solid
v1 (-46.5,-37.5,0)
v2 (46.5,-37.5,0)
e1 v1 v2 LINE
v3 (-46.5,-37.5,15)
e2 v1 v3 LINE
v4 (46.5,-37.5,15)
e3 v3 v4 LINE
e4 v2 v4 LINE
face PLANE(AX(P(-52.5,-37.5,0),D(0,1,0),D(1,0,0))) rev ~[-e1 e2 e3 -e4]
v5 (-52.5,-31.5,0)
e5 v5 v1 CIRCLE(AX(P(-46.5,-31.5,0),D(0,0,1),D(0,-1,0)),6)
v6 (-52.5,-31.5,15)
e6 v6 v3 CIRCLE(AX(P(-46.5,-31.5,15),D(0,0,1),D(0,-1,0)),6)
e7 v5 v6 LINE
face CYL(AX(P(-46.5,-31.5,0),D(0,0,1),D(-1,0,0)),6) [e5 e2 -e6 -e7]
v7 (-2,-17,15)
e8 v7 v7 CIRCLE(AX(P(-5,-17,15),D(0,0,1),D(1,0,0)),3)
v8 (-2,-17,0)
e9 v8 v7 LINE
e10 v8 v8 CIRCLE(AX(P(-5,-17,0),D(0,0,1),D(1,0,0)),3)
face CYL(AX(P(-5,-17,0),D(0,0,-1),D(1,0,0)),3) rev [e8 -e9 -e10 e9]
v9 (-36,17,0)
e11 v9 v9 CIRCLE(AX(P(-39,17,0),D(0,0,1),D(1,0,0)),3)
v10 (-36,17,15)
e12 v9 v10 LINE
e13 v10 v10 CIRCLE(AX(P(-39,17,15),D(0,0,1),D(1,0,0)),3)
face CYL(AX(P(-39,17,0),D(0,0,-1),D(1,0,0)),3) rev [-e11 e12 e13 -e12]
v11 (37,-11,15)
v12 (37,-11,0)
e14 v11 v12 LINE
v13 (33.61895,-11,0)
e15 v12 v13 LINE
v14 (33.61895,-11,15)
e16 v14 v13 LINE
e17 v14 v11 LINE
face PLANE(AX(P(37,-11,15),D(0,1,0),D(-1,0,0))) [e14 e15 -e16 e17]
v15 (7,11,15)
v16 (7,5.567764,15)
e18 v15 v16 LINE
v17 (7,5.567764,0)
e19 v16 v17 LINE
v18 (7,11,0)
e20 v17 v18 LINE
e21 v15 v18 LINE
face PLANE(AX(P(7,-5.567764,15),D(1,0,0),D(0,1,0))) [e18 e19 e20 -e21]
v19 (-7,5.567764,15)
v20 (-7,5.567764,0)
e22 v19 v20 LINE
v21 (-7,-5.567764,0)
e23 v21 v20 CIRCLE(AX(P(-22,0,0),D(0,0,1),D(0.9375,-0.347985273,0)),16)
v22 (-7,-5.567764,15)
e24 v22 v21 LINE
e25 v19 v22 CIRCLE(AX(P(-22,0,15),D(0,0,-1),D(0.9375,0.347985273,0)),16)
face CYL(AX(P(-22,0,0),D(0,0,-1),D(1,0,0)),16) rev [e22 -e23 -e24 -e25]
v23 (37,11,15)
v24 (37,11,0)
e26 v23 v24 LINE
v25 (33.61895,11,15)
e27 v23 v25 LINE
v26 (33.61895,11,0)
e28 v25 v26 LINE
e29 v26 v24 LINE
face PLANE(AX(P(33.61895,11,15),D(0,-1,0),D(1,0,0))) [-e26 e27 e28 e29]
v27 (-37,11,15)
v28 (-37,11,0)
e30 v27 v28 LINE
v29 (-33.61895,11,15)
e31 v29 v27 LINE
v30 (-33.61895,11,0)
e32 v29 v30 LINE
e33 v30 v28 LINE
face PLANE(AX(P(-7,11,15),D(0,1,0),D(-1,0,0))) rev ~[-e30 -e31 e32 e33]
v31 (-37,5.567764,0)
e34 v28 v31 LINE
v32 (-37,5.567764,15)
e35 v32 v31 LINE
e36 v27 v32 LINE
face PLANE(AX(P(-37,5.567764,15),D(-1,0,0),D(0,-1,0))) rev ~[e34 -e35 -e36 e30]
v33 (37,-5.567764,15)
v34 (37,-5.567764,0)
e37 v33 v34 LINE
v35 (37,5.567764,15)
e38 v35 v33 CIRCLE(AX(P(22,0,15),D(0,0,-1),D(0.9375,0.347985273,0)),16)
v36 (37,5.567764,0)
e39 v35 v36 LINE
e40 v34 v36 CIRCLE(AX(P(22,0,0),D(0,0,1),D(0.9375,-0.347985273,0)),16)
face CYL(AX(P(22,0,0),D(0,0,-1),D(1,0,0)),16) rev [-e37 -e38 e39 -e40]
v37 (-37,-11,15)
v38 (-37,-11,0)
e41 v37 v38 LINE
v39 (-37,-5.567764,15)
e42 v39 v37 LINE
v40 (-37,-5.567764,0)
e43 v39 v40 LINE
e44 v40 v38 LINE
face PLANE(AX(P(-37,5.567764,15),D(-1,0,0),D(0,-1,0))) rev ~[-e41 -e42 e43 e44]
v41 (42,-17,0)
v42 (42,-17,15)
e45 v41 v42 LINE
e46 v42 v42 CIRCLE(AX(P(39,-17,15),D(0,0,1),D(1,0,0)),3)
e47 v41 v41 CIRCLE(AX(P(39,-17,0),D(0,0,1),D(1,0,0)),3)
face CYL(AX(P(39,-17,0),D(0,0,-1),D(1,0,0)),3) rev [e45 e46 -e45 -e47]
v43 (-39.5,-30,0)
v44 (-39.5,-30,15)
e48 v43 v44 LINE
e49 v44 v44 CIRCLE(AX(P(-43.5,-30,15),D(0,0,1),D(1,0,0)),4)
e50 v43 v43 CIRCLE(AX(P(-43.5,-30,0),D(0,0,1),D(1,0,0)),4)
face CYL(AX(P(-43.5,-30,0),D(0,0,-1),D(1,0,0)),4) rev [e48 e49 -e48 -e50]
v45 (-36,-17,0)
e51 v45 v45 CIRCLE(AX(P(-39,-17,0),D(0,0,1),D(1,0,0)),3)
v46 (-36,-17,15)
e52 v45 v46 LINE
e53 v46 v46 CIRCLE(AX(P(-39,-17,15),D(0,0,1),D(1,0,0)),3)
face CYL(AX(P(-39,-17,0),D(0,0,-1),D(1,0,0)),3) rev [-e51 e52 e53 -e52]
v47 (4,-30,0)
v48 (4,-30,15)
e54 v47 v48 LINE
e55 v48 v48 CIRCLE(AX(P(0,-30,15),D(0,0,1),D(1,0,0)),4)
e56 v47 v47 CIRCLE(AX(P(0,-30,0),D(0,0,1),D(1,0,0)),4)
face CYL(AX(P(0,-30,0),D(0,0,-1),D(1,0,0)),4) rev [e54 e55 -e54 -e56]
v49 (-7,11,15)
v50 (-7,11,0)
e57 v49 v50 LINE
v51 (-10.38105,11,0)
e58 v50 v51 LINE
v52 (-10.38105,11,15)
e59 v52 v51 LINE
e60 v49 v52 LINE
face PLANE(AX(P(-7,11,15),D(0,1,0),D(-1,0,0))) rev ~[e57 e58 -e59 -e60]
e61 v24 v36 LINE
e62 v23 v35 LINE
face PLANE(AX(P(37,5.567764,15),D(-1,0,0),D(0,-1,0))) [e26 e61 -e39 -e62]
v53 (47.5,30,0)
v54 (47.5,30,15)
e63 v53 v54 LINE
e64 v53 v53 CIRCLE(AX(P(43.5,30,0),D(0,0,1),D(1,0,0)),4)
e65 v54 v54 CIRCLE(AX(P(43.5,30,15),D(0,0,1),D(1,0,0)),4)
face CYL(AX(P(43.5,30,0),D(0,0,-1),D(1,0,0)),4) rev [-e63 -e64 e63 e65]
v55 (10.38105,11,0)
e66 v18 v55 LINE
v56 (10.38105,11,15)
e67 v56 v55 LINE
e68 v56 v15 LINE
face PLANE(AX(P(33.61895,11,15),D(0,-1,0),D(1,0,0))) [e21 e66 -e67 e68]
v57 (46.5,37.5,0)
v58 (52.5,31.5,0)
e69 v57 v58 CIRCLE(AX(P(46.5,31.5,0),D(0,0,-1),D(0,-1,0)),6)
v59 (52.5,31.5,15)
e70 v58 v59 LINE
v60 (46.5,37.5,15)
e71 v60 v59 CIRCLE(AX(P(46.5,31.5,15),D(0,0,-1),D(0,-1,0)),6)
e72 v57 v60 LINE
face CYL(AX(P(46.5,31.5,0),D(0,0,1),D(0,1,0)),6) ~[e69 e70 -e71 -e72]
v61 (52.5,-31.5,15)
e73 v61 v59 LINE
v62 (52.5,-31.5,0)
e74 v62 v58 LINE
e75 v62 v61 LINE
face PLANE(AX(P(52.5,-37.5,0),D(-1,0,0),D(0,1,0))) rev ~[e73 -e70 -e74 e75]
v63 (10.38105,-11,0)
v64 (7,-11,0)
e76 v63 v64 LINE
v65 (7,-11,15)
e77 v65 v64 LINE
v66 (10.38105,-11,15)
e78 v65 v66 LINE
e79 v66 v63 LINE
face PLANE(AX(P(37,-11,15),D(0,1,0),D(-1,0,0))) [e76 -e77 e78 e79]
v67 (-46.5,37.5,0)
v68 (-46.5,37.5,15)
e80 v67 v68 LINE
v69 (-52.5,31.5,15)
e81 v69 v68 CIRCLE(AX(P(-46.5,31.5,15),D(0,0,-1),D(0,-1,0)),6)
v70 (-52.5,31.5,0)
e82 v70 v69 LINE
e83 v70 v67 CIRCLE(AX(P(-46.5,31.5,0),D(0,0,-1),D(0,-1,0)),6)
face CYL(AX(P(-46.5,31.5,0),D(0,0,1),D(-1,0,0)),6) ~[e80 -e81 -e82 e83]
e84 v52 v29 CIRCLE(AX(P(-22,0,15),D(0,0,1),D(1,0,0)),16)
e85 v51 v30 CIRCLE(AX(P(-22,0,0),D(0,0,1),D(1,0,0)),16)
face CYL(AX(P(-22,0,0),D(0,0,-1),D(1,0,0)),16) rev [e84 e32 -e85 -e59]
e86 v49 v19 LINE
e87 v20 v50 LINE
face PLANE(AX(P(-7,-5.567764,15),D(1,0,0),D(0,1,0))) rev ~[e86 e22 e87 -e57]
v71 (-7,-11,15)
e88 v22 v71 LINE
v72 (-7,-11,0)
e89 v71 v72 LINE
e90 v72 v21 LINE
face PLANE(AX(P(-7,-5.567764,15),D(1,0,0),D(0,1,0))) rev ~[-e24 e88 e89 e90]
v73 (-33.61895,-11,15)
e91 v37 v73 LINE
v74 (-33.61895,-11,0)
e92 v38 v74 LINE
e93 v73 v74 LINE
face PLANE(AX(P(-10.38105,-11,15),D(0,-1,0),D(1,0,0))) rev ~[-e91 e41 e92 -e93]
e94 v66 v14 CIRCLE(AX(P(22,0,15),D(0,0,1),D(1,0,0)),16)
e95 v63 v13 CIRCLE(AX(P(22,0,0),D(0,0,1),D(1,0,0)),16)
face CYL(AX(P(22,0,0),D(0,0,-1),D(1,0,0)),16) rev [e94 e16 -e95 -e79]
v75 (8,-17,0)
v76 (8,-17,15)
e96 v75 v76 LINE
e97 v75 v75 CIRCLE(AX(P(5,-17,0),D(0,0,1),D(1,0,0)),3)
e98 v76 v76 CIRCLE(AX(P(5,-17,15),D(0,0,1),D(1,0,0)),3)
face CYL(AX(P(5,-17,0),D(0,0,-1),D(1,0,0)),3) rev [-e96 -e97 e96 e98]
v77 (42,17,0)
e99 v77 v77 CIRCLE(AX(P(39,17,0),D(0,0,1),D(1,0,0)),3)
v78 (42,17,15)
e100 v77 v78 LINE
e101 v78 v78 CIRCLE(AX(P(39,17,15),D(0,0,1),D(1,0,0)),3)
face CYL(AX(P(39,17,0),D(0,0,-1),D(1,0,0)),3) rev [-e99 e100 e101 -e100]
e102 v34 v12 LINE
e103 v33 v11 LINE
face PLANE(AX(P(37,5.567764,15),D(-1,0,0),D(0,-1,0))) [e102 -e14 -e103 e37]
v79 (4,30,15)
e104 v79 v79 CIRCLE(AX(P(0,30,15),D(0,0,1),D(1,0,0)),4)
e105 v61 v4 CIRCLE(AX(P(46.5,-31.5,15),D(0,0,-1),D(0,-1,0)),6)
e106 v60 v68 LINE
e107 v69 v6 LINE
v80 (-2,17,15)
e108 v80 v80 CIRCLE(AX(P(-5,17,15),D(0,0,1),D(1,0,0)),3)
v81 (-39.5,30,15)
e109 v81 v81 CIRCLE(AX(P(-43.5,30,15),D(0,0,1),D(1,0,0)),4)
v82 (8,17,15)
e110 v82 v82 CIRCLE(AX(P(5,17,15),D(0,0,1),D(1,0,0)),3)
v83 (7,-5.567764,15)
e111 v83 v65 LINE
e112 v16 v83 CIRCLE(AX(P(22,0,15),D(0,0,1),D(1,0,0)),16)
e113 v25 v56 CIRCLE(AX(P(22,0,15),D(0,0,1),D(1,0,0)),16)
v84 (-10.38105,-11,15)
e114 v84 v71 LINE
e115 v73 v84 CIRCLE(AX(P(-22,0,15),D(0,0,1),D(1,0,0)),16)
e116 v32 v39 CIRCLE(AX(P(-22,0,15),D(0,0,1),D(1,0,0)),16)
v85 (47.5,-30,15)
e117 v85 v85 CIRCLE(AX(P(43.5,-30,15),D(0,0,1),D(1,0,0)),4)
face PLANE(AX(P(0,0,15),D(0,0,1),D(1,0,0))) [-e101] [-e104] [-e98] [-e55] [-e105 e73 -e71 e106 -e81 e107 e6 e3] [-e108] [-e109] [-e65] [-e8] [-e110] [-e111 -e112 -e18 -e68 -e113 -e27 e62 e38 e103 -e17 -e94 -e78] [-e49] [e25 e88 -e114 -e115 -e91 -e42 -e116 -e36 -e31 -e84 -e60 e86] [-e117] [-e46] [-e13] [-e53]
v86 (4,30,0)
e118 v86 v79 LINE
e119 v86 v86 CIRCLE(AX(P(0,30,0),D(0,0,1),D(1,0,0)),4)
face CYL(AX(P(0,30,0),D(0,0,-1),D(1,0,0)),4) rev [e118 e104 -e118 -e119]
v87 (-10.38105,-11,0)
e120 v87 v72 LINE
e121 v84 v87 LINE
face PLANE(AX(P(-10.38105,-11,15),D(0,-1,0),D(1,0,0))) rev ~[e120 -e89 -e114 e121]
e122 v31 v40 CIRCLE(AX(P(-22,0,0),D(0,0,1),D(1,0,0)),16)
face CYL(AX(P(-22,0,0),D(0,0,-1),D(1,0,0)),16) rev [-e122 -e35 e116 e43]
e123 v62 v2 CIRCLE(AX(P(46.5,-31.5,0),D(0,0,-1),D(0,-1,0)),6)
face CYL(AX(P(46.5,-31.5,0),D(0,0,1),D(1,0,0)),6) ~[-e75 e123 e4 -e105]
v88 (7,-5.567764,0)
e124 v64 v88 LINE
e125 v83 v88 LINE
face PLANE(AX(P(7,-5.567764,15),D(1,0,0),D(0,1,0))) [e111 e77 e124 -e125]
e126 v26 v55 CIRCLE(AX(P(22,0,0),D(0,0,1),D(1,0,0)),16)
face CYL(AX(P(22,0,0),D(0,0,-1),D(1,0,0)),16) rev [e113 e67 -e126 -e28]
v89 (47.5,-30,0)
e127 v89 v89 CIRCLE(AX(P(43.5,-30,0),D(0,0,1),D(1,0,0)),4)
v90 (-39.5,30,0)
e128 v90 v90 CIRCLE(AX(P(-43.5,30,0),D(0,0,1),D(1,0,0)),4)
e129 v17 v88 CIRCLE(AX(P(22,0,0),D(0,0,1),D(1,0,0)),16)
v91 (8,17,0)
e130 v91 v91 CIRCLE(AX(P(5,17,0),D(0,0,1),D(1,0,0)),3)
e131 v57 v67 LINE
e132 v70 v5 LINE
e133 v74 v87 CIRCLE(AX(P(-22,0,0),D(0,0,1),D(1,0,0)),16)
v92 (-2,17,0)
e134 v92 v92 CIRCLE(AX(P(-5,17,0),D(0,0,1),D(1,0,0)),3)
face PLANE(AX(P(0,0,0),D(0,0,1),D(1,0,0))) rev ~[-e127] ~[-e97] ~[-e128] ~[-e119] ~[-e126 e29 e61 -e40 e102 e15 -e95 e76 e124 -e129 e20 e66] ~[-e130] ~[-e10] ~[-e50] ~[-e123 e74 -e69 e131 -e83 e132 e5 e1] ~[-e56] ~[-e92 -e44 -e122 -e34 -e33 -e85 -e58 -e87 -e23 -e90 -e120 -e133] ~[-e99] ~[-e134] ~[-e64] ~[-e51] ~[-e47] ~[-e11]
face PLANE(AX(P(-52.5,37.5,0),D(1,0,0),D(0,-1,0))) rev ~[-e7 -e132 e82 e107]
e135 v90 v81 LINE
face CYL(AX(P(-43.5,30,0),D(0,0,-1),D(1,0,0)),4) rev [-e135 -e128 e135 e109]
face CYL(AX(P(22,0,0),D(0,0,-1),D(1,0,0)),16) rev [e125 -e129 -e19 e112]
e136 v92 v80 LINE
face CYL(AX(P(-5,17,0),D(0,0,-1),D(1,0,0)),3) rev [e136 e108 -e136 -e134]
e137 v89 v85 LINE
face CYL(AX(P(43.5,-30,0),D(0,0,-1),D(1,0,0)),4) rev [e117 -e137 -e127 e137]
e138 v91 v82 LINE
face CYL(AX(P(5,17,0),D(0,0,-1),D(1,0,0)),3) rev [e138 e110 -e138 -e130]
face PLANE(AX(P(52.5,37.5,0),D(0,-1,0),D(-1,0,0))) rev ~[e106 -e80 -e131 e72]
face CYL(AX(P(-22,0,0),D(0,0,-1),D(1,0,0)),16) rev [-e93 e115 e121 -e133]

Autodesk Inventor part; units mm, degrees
ref_plane "YZ Plane" through (0, 0, 0) normal (1, 0, 0) x (0, 1, 0)
ref_plane "XZ Plane" through (0, 0, 0) normal (0, 1, 0) x (-1, 0, 0)
ref_plane "XY Plane" through (0, 0, 0) normal (0, 0, 1) x (1, 0, 0)
sketch "Sketch1" plane through (0, 0, 0) normal (0, 0, 1) x (1, 0, 0)
  line L0 (-22, 0) -> (22, 0) construction
  circle A0 centre (-22, 0) radius 16
  circle A1 centre (22, 0) radius 16
  line L1 (43.5, -30) -> (-43.5, -30) construction
  line L2 (-43.5, -30) -> (-43.5, 30) construction
  line L3 (-43.5, 30) -> (43.5, 30) construction
  line L4 (43.5, 30) -> (43.5, -30) construction
  line L5 (43.5, -30) -> (-43.5, 30) construction
  line L6 (-43.5, -30) -> (43.5, 30) construction
  circle A2 centre (-43.5, 30) radius 4
  circle A3 centre (0, 30) radius 4
  circle A4 centre (43.5, 30) radius 4
  circle A5 centre (43.5, -30) radius 4
  circle A6 centre (-43.5, -30) radius 4
  circle A7 centre (0, -30) radius 4
  line L7 (-52.5, -37.5) -> (52.5, -37.5)
  line L8 (52.5, -37.5) -> (52.5, 37.5)
  line L9 (52.5, 37.5) -> (-52.5, 37.5)
  line L10 (-52.5, 37.5) -> (-52.5, -37.5)
  line L11 (-52.5, -37.5) -> (52.5, 37.5) construction
  line L12 (52.5, -37.5) -> (-52.5, 37.5) construction
  line L13 (-5, -17) -> (-39, -17) construction
  line L14 (-39, -17) -> (-39, 17) construction
  line L15 (-39, 17) -> (-5, 17) construction
  line L16 (-5, 17) -> (-5, -17) construction
  line L17 (-5, -17) -> (-39, 17) construction
  line L18 (-39, -17) -> (-5, 17) construction
  line L19 (39, -17) -> (5, -17) construction
  line L20 (5, -17) -> (5, 17) construction
  line L21 (5, 17) -> (39, 17) construction
  line L22 (39, 17) -> (39, -17) construction
  line L23 (39, -17) -> (5, 17) construction
  line L24 (5, -17) -> (39, 17) construction
  circle A8 centre (-39, 17) radius 3
  circle A9 centre (-39, -17) radius 3
  circle A10 centre (-5, -17) radius 3
  circle A11 centre (-5, 17) radius 3
  circle A12 centre (5, 17) radius 3
  circle A13 centre (5, -17) radius 3
  circle A14 centre (39, -17) radius 3
  circle A15 centre (39, 17) radius 3
  point P0 (0, 0)
  point P1 (0, 0)
  dimension "d0" = 60
  dimension "d1" = 87
  dimension "d2" = 44
  dimension "d3" = 32
  dimension "d4" = 8
  dimension "d5" = 105
  dimension "d6" = 75
  dimension "d10" = 34
  dimension "d11" = 6
extrude "Extrusion1" add sketch "Sketch1" along normal blind 15
fillet "Fillet1" radius 6 4 edges at (-52.5, 37.5, 7.5) (52.5, 37.5, 7.5) (52.5, -37.5, 7.5) (-52.5, -37.5, 7.5)
sketch "Sketch2" plane through (0, 0, 15) normal (0, 0, 1) x (1, 0, 0)
  circle A0 centre (22, 0) radius 16 projected
  circle A1 centre (-22, 0) radius 16 projected
  line L0 (37, -11) -> (7, -11)
  line L1 (7, -11) -> (7, 11)
  line L2 (7, 11) -> (37, 11)
  line L3 (37, 11) -> (37, -11)
  line L4 (37, -11) -> (7, 11) construction
  line L5 (7, -11) -> (37, 11) construction
  line L6 (-37, -11) -> (-7, -11)
  line L7 (-7, -11) -> (-7, 11)
  line L8 (-7, 11) -> (-37, 11)
  line L9 (-37, 11) -> (-37, -11)
  line L10 (-37, -11) -> (-7, 11) construction
  line L11 (-7, -11) -> (-37, 11) construction
  point P0 (0, 0)
  dimension "d12" = 22
  dimension "d13" = 30
extrude "Extrusion2" cut sketch "Sketch2" against normal through all contours L3 A0 L0 L1 L2 | A0 L2 L3 | L3 L0 A0 | A0 L1 L2 | L0 L1 A0 | L7 A1 L6 L9 L8 | A1 L8 L7 | L7 L6 A1 | A1 L9 L8 | L6 L9 A1
properties part number "cylinder frame"
